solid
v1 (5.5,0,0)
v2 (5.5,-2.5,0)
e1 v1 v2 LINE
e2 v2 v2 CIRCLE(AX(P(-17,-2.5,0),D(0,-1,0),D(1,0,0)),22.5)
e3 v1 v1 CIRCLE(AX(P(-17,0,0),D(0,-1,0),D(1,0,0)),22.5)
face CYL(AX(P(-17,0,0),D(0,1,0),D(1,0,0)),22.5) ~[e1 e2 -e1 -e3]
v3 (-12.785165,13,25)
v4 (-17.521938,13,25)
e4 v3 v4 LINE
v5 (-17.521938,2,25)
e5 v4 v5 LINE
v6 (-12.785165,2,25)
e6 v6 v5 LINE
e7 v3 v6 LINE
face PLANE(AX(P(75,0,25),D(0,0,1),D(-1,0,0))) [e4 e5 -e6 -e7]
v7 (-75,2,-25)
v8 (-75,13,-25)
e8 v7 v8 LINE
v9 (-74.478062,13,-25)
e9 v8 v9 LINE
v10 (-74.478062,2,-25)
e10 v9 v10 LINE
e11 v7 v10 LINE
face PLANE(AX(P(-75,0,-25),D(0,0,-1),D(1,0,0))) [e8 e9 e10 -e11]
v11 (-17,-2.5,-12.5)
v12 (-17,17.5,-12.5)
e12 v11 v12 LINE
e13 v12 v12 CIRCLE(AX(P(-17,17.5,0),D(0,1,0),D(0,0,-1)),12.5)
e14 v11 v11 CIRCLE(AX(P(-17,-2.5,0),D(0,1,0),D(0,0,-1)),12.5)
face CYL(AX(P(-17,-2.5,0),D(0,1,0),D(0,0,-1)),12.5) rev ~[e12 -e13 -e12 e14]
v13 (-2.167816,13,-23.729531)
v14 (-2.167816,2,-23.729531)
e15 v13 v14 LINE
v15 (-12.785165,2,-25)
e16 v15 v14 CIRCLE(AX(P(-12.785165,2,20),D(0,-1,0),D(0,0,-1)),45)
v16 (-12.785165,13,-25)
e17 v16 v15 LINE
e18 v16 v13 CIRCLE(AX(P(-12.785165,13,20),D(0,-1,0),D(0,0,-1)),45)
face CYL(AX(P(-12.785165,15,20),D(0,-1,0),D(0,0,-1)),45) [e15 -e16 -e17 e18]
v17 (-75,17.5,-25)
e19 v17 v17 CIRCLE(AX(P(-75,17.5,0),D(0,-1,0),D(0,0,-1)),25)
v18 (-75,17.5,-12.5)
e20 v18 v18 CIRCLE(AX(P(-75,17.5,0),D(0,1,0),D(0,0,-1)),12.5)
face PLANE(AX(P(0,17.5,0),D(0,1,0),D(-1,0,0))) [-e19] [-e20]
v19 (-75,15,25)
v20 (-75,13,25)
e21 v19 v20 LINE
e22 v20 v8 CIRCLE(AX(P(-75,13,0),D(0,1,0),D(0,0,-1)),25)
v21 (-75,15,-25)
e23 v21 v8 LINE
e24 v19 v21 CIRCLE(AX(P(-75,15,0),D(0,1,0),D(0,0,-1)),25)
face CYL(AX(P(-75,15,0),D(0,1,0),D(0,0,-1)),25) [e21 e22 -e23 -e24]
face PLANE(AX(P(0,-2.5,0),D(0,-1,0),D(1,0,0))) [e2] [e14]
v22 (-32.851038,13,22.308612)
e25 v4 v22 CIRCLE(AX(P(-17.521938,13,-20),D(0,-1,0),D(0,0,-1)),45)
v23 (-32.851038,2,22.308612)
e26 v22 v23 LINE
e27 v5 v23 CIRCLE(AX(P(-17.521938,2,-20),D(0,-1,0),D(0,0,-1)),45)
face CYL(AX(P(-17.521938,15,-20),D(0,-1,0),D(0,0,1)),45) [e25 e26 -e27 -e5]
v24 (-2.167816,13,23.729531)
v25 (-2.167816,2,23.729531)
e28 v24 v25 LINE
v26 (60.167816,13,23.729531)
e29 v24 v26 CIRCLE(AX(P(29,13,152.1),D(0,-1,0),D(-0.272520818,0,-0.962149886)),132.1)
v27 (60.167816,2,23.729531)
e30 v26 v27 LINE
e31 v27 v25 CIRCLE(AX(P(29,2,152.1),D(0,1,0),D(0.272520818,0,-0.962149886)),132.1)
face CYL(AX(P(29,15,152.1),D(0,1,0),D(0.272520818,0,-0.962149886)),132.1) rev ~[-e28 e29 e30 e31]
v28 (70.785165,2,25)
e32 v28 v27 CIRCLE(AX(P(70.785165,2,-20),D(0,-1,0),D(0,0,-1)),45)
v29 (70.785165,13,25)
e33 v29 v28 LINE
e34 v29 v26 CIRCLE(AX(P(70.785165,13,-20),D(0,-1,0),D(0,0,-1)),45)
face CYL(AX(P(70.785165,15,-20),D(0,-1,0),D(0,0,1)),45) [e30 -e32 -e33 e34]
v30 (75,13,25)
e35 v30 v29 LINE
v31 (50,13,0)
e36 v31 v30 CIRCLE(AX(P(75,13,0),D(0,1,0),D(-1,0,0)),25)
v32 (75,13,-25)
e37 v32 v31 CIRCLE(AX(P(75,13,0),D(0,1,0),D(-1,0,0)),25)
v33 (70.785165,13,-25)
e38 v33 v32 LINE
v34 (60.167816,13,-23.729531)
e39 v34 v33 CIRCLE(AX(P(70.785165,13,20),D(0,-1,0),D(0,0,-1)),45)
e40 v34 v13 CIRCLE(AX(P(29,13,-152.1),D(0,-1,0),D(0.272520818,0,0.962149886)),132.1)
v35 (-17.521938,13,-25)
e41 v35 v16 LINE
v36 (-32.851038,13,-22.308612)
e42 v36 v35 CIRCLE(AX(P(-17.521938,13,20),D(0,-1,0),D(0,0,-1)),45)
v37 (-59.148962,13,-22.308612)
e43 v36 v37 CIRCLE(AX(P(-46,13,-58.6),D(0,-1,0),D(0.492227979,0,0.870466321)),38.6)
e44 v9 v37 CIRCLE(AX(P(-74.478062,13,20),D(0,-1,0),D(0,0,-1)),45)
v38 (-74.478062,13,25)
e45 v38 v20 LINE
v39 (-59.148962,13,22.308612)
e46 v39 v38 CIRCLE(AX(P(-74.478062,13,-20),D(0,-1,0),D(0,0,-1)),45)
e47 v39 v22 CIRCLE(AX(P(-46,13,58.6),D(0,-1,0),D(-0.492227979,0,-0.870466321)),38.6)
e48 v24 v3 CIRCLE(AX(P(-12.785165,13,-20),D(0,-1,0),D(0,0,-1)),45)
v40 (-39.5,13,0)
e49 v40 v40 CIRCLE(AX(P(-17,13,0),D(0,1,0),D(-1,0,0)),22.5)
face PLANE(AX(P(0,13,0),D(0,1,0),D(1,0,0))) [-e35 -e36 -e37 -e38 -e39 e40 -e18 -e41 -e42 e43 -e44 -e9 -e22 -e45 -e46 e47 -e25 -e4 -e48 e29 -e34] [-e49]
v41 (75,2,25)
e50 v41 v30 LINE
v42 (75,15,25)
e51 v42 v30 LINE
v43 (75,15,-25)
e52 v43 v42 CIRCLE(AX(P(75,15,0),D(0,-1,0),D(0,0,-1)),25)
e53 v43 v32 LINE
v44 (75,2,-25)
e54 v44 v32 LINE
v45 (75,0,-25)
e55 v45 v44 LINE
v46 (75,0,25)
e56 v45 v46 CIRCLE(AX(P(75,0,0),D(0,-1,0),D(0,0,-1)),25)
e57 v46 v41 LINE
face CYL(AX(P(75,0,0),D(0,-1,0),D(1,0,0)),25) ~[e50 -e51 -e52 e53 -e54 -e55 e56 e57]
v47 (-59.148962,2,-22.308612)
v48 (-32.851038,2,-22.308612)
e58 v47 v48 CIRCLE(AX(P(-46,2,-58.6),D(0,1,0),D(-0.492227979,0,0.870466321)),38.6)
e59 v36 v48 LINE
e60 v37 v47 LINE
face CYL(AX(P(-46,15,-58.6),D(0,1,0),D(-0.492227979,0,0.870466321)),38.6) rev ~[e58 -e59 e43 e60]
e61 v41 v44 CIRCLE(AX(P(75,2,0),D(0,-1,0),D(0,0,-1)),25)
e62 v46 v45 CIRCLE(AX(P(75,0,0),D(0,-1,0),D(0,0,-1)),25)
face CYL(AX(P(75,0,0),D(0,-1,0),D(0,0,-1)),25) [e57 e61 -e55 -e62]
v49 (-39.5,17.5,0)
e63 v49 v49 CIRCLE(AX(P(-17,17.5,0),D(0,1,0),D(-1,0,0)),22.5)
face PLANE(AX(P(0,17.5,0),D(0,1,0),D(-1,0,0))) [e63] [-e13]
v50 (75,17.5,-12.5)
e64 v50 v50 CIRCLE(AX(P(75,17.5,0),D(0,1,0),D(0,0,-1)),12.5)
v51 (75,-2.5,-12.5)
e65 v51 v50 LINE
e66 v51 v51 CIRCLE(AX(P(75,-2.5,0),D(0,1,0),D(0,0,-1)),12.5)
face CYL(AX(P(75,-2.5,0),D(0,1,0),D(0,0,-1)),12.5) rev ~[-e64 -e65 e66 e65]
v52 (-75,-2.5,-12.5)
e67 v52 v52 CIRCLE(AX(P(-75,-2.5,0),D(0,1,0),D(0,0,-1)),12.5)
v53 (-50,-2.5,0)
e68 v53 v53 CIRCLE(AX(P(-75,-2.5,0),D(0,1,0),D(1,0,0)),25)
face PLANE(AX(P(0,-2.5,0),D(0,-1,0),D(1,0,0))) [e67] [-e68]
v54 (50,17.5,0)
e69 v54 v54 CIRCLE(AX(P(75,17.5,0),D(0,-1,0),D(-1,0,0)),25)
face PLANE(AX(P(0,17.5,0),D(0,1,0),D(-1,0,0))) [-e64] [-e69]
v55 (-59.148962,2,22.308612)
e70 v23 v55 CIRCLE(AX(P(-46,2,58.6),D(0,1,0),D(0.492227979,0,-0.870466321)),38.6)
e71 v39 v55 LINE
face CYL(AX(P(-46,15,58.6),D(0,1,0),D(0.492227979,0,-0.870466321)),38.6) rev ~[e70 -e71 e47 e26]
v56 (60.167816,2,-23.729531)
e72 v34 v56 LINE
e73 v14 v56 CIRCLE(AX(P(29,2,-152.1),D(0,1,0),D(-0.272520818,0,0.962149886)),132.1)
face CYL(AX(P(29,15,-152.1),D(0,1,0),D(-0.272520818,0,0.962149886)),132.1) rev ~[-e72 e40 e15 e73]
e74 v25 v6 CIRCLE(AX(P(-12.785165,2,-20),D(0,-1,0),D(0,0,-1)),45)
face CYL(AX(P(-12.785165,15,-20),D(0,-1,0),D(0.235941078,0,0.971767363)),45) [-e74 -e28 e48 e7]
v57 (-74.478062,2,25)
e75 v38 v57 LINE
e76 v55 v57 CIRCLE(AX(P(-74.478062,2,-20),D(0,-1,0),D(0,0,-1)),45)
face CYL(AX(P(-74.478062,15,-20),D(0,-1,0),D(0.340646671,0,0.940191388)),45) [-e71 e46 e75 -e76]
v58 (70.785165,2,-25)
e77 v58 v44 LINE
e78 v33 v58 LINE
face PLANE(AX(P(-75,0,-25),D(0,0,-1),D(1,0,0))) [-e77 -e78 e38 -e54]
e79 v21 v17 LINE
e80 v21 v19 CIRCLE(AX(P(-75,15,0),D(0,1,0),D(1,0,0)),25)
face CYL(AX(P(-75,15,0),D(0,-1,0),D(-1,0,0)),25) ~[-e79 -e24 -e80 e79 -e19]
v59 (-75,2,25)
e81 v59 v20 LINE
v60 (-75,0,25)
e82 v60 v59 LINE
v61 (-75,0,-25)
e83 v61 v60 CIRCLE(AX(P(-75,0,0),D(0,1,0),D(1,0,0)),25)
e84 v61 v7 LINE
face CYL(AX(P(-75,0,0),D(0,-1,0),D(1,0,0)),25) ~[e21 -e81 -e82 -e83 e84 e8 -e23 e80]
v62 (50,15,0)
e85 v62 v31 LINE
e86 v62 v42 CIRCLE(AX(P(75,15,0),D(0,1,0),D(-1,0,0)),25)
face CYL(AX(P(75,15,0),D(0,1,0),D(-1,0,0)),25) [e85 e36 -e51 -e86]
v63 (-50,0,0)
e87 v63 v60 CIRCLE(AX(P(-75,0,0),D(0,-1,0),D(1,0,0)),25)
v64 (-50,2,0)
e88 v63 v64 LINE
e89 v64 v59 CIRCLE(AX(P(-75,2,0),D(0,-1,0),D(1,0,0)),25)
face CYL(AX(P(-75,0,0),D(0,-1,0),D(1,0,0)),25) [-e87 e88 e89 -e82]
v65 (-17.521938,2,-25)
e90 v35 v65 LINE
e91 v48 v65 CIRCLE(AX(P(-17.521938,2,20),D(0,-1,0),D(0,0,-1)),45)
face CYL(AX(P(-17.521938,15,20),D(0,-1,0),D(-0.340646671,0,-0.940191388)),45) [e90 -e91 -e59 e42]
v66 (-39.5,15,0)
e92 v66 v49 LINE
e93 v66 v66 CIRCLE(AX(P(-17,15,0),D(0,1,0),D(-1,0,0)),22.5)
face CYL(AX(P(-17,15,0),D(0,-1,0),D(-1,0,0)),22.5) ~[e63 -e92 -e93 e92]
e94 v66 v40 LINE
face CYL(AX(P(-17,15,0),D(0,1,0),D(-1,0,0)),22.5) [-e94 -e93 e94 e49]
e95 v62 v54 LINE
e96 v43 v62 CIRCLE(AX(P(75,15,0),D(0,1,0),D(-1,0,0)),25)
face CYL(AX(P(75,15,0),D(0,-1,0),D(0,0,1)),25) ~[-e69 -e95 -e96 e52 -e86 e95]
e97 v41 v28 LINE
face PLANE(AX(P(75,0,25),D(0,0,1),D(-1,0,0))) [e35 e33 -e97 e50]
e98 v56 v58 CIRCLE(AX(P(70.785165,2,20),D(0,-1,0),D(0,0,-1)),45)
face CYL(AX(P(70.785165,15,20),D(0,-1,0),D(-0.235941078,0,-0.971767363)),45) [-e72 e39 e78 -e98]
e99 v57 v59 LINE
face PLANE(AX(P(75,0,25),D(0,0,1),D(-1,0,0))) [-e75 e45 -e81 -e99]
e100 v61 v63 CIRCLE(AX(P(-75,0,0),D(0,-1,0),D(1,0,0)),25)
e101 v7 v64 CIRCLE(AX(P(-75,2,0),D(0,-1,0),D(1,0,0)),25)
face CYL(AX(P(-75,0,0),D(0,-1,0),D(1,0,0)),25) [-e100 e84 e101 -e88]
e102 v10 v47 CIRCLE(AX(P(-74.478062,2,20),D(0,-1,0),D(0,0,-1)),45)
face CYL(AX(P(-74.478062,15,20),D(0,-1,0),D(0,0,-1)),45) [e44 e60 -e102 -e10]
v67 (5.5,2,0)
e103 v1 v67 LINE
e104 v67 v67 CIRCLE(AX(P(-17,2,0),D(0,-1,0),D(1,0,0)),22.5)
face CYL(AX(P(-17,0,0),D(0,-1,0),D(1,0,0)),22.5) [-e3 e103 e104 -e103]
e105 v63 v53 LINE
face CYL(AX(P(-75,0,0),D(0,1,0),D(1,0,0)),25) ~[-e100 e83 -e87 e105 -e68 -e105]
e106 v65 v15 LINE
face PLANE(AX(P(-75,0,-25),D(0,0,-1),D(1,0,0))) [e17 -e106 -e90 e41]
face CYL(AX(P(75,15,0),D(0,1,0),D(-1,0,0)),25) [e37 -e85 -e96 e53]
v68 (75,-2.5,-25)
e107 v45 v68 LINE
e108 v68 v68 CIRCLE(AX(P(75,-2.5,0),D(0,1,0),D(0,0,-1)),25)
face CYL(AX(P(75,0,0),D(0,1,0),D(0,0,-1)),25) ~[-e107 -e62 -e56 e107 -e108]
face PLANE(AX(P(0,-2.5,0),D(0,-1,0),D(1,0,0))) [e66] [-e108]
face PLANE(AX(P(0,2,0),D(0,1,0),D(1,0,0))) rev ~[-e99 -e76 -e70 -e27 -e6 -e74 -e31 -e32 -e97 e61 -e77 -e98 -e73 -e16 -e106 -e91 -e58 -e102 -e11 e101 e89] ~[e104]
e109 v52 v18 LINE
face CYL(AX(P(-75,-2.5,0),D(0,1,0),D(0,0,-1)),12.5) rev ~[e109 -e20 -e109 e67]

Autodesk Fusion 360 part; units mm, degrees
sketch "Sketch1" plane through (0, 0, 0) normal (0, 1, 0) x (1, 0, 0)
  line L0 (75, -25) -> (-75, -25)
  line L1 (-75, -25) -> (-75, 25)
  line L2 (-75, 25) -> (75, 25)
  line L3 (75, 25) -> (75, -25)
  line L4 (75, -25) -> (-75, 25) construction
  line L5 (-75, -25) -> (75, 25) construction
  circle A0 centre (-75, 0) radius 25
  circle A1 centre (75, 0) radius 25
  dimension "d1" = 150
  dimension "d2" = 50
extrude "Extrude1" add sketch "Sketch1" along normal blind 15
sketch "Sketch2" plane through (0, 15, 0) normal (0, 1, 0) x (-1, 0, 0)
  arc A0 (75, -25) -> (75, 25) centre (75, 0) ccw
  line L0 (75, 25) -> (-75, 25)
  arc A1 (-75, 25) -> (-75, -25) centre (-75, 0) ccw
  line L1 (-75, -25) -> (75, -25)
  circle A2 centre (75, 0) radius 25
  circle A3 centre (-75, 0) radius 25
  circle A4 centre (17, 0) radius 22.5
  dimension "d5" = 50
  dimension "d6" = 50
  dimension "d7" = 45
  dimension "d8" = 25
  dimension "d9" = 45
  dimension "d10" = 58
extrude "Extrude2" add sketch "Sketch2" along normal blind 2.5 contours A0 A2 | A1 A3 | A4
sketch "Sketch3" plane through (0, 0, 0) normal (0, -1, 0) x (1, 0, 0)
  arc A0 (-75, 25) -> (-75, -25) centre (-75, 0) ccw
  line L0 (-75, -25) -> (75, -25)
  arc A1 (75, -25) -> (75, 25) centre (75, 0) ccw
  line L1 (75, 25) -> (-75, 25)
  circle A2 centre (-75, 0) radius 25
  circle A3 centre (-17, 0) radius 22.5
  circle A4 centre (75, 0) radius 25
  dimension "d13" = 45
  dimension "d14" = 58
  dimension "d15" = 45
  dimension "d16" = 25
  dimension "d17" = 50
  dimension "d18" = 50
extrude "Extrude3" add sketch "Sketch3" along normal blind 2.5 contours A0 A2 | A1 A4 | A3
sketch "Sketch4" plane through (0, -2.5, 0) normal (0, -1, 0) x (1, 0, 0)
  circle A0 centre (-75, 0) radius 25
  line L0 (-75, 0) -> (-75, 15.3312)
  line L1 (-17, 0) -> (-17, 15)
  line L2 (75, 0) -> (75, 15)
  dimension "d21" = 15
  dimension "d22" = 15
  dimension "d29" = 58
  dimension "d30" = 92
hole "Hole1" at (-75, -2.5, 0) at (-17, -2.5, 0) at (75, -2.5, 0) direction (0, 1, 0) diameter 25 depth 20 tip angle 118
sketch "Sketch5" plane through (0, 15, 0) normal (0, 1, 0) x (-1, 0, 0)
  arc A0 (-75, -25) -> (-75, 25) centre (-75, 0) ccw
  line L0 (-75, -25) -> (75, -25)
  arc A1 (75, 25) -> (75, -25) centre (75, 0) ccw
  line L1 (75, 25) -> (-75, 25)
  circle A2 centre (17, 0) radius 22.5
  line L2 (17, 0) -> (17, -25)
  line L3 (17, -25) -> (7, -25)
  line L4 (17, 0) -> (17, 25)
  line L5 (17, 25) -> (7, 25)
  line L6 (-75, -25) -> (-65, -25)
  line L7 (-75, 25) -> (-65, 25)
  line L8 (7, 25) -> (-29, 25)
  line L9 (-29, 25) -> (-29, -20)
  line L10 (-29, 25) -> (-29, 20)
  arc A3 (7, -25) -> (-65, -25) centre (-29, -152.1) ccw
  arc A4 (-65, 25) -> (7, 25) centre (-29, 152.1) ccw
  line L11 (75, 25) -> (65, 25)
  line L12 (75, -25) -> (65, -25)
  line L13 (17, -25) -> (27, -25)
  line L14 (17, 25) -> (27, 25)
  line L15 (65, 25) -> (46, 25)
  line L16 (46, 25) -> (46, 20)
  line L17 (46, 20) -> (46, -20)
  arc A5 (65, -25) -> (27, -25) centre (46, -58.6) ccw
  arc A6 (27, 25) -> (65, 25) centre (46, 58.6) ccw
  dimension "d31" = 10
  dimension "d32" = 10
  dimension "d33" = 36
  dimension "d34" = 45
  dimension "d35" = 19
  dimension "d36" = 40
  dimension "d37" = 29
  dimension "d38" = 132.1
  dimension "d39" = 132.1
  dimension "d40" = 10
  dimension "d41" = 38.6
  dimension "d42" = 38.6
  dimension "d43" = 10
  dimension "d44" = 10
  dimension "d45" = 10
extrude "Extrude4" cut sketch "Sketch5" against normal blind 15 contours L0 A3 | L1 L9 L10 A4 | L1 L8 L9 L10 A4 | L0 A5 | L1 L16 A6 | L1 L15 L16 A6
fillet "Fillet1" radius 45 8 edges at (-65, 7.5, -25) (-27, 7.5, -25) (-7, 7.5, -25) (65, 7.5, -25) (-65, 7.5, 25) (-27, 7.5, 25) (-7, 7.5, 25) (65, 7.5, 25)
extrude "Extrude5" cut 1 faces at (21.1667, 0, 0) along direction (0, 1, 0) blind 2
extrude "Extrude6" cut 1 faces at (21.1667, 15, 0) along direction (0, -1, 0) blind 2
equation "d33 = ( 72 / 2 ) * 1 mm"
equation "d35 = ( 38 / 2 ) * 1 mm"
